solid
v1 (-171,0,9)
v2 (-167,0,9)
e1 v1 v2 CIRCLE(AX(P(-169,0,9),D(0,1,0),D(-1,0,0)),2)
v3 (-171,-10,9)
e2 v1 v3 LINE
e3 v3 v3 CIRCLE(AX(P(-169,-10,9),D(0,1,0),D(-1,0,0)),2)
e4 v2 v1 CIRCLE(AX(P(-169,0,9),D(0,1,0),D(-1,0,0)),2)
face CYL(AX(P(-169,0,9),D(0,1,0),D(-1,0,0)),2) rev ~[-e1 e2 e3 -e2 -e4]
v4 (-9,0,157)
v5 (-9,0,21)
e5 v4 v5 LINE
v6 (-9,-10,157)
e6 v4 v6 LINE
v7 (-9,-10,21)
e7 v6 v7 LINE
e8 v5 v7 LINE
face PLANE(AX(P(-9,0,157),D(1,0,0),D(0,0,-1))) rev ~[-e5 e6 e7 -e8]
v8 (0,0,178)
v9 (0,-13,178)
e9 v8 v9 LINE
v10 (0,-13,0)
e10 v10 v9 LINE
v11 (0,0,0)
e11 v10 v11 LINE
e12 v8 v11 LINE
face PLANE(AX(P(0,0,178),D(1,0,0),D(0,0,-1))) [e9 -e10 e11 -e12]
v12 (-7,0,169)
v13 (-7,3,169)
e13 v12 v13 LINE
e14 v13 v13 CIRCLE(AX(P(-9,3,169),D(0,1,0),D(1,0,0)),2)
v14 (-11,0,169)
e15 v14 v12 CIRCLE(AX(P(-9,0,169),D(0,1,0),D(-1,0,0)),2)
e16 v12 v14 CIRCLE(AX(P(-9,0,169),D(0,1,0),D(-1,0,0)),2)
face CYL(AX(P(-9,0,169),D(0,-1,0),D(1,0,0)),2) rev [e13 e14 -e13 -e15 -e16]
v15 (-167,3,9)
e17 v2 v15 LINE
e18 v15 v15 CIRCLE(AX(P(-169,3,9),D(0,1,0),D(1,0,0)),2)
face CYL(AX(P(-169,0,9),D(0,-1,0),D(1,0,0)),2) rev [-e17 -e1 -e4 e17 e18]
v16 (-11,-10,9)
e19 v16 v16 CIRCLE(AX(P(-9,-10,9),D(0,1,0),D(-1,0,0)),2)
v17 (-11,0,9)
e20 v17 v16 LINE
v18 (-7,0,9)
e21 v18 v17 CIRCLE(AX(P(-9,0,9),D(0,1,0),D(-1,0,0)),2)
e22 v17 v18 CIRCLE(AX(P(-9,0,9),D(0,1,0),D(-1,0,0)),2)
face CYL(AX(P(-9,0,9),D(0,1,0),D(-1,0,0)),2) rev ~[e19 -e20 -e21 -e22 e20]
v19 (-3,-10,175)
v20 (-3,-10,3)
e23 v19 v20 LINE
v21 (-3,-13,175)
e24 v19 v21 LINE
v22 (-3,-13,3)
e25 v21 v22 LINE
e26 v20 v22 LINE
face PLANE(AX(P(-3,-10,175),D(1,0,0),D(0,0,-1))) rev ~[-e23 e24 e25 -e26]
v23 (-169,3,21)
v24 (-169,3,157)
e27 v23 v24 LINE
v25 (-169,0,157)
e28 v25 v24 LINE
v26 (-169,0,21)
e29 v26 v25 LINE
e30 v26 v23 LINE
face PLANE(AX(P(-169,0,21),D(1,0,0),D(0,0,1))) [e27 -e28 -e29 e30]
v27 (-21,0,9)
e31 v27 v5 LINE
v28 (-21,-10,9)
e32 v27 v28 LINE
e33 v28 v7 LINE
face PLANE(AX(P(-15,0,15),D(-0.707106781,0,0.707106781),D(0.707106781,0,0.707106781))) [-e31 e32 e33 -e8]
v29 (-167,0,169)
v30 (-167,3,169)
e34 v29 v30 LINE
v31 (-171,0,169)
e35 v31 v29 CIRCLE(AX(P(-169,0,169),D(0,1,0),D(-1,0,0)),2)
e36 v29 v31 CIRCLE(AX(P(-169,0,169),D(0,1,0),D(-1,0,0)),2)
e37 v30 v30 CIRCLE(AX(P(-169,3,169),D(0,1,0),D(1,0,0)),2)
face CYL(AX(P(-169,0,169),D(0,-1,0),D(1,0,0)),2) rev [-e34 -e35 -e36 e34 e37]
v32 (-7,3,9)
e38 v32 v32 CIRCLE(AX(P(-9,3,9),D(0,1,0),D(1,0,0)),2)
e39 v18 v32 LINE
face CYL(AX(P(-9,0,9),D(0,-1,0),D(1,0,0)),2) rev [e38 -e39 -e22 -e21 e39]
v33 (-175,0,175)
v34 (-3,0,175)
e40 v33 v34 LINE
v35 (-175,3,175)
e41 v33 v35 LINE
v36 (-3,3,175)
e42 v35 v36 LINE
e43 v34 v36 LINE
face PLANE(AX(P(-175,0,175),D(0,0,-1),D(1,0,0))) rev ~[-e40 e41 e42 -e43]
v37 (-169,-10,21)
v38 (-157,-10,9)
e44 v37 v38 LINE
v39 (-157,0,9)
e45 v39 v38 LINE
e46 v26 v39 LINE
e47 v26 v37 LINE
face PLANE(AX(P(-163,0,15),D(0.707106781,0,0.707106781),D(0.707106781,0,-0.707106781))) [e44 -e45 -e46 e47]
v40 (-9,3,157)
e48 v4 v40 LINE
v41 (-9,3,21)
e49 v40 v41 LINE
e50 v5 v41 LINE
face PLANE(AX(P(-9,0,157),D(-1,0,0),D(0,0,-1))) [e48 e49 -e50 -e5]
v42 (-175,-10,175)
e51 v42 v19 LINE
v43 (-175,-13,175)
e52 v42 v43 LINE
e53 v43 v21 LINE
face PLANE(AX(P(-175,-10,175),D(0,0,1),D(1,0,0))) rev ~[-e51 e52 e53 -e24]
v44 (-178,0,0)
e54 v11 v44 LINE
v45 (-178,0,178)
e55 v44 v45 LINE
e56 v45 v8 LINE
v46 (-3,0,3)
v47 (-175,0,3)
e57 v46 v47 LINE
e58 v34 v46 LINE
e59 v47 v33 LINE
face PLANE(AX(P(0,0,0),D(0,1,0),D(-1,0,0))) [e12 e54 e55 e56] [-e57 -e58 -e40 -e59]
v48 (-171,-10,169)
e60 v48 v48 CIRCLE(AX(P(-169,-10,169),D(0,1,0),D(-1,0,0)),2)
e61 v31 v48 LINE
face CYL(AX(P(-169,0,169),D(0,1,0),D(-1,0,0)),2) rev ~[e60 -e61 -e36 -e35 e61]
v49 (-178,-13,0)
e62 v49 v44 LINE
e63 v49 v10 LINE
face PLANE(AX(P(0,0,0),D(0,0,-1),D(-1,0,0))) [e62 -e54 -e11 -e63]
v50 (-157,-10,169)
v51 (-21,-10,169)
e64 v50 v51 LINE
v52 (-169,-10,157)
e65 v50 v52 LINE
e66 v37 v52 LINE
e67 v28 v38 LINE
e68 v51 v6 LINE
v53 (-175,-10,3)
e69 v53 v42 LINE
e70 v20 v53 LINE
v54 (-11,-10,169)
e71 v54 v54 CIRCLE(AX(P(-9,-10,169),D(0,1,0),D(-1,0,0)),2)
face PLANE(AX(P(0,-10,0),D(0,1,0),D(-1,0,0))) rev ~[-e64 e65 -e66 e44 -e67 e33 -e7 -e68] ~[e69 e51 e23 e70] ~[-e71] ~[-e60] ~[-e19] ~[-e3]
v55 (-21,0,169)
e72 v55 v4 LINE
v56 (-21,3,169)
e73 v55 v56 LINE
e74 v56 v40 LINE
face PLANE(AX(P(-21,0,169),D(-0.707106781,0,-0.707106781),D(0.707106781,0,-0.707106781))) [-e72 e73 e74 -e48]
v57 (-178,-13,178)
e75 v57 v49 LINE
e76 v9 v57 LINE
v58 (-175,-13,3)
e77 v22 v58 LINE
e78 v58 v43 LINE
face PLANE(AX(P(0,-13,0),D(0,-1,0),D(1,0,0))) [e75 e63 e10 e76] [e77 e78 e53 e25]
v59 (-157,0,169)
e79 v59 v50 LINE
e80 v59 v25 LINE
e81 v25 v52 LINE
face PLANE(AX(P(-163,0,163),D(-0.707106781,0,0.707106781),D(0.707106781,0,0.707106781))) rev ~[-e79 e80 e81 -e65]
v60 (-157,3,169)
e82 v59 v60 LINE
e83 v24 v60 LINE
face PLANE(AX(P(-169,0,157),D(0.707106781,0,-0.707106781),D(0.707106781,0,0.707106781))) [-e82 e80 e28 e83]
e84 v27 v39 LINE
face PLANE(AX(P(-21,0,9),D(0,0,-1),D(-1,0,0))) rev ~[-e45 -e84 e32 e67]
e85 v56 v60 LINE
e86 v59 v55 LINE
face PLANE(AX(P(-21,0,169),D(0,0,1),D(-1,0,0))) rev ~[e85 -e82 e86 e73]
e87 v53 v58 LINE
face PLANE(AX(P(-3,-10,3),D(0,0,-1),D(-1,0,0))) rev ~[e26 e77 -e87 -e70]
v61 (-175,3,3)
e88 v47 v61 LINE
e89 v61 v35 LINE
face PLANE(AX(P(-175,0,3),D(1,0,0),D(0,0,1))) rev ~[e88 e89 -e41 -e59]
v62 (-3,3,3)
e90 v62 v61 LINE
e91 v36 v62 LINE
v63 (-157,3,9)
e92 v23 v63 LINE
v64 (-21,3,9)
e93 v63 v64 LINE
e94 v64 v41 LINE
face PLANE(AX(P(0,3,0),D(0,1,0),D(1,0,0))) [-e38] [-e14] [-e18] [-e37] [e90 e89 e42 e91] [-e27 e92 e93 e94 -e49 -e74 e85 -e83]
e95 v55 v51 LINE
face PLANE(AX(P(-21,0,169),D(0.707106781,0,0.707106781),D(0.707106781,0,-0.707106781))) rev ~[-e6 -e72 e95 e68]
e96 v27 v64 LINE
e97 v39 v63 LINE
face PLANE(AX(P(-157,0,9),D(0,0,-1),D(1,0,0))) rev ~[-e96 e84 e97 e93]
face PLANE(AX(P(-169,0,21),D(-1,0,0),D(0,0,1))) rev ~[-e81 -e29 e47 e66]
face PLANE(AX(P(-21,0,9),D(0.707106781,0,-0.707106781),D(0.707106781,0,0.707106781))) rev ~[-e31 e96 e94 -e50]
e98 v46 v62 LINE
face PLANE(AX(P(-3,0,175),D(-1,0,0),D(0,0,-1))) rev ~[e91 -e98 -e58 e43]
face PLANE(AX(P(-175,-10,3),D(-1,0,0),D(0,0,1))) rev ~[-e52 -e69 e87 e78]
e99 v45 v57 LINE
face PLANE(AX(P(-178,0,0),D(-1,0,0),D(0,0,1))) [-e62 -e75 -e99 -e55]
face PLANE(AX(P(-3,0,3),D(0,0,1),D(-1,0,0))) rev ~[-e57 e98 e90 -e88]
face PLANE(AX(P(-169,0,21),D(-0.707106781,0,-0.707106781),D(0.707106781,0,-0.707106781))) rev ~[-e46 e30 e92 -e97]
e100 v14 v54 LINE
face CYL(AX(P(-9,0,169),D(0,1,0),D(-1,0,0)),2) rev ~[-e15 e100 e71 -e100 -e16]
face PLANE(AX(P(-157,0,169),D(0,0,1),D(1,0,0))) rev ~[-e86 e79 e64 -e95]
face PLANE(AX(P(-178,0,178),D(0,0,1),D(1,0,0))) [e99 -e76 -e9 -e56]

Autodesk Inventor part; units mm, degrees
ref_plane "YZ Plane" through (0, 0, 0) normal (1, 0, 0) x (0, 1, 0)
ref_plane "XZ Plane" through (0, 0, 0) normal (0, 1, 0) x (-1, 0, 0)
ref_plane "XY Plane" through (0, 0, 0) normal (0, 0, 1) x (1, 0, 0)
sketch "Náčrt1" plane through (0, 0, 0) normal (0, 1, 0) x (-1, 0, 0)
  line L0 (0, 0) -> (178, 0)
  line L1 (178, 0) -> (178, 178)
  line L2 (178, 178) -> (0, 178)
  line L3 (0, 178) -> (0, 0)
  circle A0 centre (9, 9) radius 2
  circle A1 centre (169, 169) radius 2
  circle A2 centre (9, 169) radius 2
  circle A3 centre (169, 9) radius 2
  line L4 (163, 163) -> (157, 169)
  line L5 (163, 15) -> (169, 21)
  line L6 (21, 9) -> (157, 9)
  line L7 (15, 15) -> (21, 9)
  line L8 (15, 15) -> (9, 21)
  line L9 (169, 21) -> (157, 9)
  line L10 (21, 169) -> (9, 157)
  line L11 (9, 157) -> (9, 21)
  line L12 (157, 169) -> (21, 169)
  line L13 (169, 21) -> (169, 157)
  line L14 (163, 163) -> (169, 157)
  dimension "d0" = 178
  dimension "d1" = 178
  dimension "d37" = 9
  dimension "d38" = 9
extrude "Vysunutí1" add sketch "Náčrt1" against normal blind 10
sketch "Náčrt2" plane through (0, -10, 0) normal (0, -1, 0) x (1, 0, 0)
  line L0 (-3, 3) -> (-175, 3)
  line L1 (-175, 3) -> (-175, 175)
  line L2 (-175, 175) -> (-3, 175)
  line L3 (-3, 175) -> (-3, 3)
  line L4 (-178, 0) -> (0, 0) projected
  line L5 (0, 0) -> (0, 178) projected
  line L6 (-178, 0) -> (0, 0)
  line L7 (0, 0) -> (0, 178)
  line L8 (0, 178) -> (-178, 178)
  line L9 (-178, 178) -> (-178, 0)
  dimension "d68" = 172
  dimension "d69" = 172
extrude "Vysunutí2" add sketch "Náčrt2" along normal blind 3
sketch "Náčrt3" plane through (0, 0, 0) normal (0, 1, 0) x (1, 0, 0)
  line L0 (-3, -3) -> (-175, -3)
  line L1 (-175, -3) -> (-175, -175)
  line L2 (-175, -175) -> (-3, -175)
  line L3 (-3, -175) -> (-3, -3)
  line L4 (-169, -21) -> (-157, -9) projected
  line L5 (-157, -9) -> (-169, -21)
  line L6 (-169, -21) -> (-169, -157)
  line L7 (-175, -175) -> (-175, -3) projected
  line L8 (-169, -157) -> (-157, -169)
  line L9 (-21, -169) -> (-157, -169) projected
  line L10 (-157, -169) -> (-21, -169)
  line L11 (-9, -157) -> (-9, -21) projected
  line L12 (-21, -169) -> (-9, -157)
  line L13 (-21, -9) -> (-9, -21) projected
  line L14 (-9, -157) -> (-9, -21)
  line L15 (-9, -21) -> (-21, -9)
  line L16 (-157, -9) -> (-21, -9) projected
  line L17 (-21, -9) -> (-157, -9)
  circle A0 centre (-9, -9) radius 2
  circle A1 centre (-9, -169) radius 2 projected
  circle A2 centre (-9, -169) radius 2
  circle A3 centre (-169, -9) radius 2
  circle A4 centre (-169, -169) radius 2
extrude "Vysunutí4" add sketch "Náčrt3" along normal blind 3
properties part number "Cougar_Base"
